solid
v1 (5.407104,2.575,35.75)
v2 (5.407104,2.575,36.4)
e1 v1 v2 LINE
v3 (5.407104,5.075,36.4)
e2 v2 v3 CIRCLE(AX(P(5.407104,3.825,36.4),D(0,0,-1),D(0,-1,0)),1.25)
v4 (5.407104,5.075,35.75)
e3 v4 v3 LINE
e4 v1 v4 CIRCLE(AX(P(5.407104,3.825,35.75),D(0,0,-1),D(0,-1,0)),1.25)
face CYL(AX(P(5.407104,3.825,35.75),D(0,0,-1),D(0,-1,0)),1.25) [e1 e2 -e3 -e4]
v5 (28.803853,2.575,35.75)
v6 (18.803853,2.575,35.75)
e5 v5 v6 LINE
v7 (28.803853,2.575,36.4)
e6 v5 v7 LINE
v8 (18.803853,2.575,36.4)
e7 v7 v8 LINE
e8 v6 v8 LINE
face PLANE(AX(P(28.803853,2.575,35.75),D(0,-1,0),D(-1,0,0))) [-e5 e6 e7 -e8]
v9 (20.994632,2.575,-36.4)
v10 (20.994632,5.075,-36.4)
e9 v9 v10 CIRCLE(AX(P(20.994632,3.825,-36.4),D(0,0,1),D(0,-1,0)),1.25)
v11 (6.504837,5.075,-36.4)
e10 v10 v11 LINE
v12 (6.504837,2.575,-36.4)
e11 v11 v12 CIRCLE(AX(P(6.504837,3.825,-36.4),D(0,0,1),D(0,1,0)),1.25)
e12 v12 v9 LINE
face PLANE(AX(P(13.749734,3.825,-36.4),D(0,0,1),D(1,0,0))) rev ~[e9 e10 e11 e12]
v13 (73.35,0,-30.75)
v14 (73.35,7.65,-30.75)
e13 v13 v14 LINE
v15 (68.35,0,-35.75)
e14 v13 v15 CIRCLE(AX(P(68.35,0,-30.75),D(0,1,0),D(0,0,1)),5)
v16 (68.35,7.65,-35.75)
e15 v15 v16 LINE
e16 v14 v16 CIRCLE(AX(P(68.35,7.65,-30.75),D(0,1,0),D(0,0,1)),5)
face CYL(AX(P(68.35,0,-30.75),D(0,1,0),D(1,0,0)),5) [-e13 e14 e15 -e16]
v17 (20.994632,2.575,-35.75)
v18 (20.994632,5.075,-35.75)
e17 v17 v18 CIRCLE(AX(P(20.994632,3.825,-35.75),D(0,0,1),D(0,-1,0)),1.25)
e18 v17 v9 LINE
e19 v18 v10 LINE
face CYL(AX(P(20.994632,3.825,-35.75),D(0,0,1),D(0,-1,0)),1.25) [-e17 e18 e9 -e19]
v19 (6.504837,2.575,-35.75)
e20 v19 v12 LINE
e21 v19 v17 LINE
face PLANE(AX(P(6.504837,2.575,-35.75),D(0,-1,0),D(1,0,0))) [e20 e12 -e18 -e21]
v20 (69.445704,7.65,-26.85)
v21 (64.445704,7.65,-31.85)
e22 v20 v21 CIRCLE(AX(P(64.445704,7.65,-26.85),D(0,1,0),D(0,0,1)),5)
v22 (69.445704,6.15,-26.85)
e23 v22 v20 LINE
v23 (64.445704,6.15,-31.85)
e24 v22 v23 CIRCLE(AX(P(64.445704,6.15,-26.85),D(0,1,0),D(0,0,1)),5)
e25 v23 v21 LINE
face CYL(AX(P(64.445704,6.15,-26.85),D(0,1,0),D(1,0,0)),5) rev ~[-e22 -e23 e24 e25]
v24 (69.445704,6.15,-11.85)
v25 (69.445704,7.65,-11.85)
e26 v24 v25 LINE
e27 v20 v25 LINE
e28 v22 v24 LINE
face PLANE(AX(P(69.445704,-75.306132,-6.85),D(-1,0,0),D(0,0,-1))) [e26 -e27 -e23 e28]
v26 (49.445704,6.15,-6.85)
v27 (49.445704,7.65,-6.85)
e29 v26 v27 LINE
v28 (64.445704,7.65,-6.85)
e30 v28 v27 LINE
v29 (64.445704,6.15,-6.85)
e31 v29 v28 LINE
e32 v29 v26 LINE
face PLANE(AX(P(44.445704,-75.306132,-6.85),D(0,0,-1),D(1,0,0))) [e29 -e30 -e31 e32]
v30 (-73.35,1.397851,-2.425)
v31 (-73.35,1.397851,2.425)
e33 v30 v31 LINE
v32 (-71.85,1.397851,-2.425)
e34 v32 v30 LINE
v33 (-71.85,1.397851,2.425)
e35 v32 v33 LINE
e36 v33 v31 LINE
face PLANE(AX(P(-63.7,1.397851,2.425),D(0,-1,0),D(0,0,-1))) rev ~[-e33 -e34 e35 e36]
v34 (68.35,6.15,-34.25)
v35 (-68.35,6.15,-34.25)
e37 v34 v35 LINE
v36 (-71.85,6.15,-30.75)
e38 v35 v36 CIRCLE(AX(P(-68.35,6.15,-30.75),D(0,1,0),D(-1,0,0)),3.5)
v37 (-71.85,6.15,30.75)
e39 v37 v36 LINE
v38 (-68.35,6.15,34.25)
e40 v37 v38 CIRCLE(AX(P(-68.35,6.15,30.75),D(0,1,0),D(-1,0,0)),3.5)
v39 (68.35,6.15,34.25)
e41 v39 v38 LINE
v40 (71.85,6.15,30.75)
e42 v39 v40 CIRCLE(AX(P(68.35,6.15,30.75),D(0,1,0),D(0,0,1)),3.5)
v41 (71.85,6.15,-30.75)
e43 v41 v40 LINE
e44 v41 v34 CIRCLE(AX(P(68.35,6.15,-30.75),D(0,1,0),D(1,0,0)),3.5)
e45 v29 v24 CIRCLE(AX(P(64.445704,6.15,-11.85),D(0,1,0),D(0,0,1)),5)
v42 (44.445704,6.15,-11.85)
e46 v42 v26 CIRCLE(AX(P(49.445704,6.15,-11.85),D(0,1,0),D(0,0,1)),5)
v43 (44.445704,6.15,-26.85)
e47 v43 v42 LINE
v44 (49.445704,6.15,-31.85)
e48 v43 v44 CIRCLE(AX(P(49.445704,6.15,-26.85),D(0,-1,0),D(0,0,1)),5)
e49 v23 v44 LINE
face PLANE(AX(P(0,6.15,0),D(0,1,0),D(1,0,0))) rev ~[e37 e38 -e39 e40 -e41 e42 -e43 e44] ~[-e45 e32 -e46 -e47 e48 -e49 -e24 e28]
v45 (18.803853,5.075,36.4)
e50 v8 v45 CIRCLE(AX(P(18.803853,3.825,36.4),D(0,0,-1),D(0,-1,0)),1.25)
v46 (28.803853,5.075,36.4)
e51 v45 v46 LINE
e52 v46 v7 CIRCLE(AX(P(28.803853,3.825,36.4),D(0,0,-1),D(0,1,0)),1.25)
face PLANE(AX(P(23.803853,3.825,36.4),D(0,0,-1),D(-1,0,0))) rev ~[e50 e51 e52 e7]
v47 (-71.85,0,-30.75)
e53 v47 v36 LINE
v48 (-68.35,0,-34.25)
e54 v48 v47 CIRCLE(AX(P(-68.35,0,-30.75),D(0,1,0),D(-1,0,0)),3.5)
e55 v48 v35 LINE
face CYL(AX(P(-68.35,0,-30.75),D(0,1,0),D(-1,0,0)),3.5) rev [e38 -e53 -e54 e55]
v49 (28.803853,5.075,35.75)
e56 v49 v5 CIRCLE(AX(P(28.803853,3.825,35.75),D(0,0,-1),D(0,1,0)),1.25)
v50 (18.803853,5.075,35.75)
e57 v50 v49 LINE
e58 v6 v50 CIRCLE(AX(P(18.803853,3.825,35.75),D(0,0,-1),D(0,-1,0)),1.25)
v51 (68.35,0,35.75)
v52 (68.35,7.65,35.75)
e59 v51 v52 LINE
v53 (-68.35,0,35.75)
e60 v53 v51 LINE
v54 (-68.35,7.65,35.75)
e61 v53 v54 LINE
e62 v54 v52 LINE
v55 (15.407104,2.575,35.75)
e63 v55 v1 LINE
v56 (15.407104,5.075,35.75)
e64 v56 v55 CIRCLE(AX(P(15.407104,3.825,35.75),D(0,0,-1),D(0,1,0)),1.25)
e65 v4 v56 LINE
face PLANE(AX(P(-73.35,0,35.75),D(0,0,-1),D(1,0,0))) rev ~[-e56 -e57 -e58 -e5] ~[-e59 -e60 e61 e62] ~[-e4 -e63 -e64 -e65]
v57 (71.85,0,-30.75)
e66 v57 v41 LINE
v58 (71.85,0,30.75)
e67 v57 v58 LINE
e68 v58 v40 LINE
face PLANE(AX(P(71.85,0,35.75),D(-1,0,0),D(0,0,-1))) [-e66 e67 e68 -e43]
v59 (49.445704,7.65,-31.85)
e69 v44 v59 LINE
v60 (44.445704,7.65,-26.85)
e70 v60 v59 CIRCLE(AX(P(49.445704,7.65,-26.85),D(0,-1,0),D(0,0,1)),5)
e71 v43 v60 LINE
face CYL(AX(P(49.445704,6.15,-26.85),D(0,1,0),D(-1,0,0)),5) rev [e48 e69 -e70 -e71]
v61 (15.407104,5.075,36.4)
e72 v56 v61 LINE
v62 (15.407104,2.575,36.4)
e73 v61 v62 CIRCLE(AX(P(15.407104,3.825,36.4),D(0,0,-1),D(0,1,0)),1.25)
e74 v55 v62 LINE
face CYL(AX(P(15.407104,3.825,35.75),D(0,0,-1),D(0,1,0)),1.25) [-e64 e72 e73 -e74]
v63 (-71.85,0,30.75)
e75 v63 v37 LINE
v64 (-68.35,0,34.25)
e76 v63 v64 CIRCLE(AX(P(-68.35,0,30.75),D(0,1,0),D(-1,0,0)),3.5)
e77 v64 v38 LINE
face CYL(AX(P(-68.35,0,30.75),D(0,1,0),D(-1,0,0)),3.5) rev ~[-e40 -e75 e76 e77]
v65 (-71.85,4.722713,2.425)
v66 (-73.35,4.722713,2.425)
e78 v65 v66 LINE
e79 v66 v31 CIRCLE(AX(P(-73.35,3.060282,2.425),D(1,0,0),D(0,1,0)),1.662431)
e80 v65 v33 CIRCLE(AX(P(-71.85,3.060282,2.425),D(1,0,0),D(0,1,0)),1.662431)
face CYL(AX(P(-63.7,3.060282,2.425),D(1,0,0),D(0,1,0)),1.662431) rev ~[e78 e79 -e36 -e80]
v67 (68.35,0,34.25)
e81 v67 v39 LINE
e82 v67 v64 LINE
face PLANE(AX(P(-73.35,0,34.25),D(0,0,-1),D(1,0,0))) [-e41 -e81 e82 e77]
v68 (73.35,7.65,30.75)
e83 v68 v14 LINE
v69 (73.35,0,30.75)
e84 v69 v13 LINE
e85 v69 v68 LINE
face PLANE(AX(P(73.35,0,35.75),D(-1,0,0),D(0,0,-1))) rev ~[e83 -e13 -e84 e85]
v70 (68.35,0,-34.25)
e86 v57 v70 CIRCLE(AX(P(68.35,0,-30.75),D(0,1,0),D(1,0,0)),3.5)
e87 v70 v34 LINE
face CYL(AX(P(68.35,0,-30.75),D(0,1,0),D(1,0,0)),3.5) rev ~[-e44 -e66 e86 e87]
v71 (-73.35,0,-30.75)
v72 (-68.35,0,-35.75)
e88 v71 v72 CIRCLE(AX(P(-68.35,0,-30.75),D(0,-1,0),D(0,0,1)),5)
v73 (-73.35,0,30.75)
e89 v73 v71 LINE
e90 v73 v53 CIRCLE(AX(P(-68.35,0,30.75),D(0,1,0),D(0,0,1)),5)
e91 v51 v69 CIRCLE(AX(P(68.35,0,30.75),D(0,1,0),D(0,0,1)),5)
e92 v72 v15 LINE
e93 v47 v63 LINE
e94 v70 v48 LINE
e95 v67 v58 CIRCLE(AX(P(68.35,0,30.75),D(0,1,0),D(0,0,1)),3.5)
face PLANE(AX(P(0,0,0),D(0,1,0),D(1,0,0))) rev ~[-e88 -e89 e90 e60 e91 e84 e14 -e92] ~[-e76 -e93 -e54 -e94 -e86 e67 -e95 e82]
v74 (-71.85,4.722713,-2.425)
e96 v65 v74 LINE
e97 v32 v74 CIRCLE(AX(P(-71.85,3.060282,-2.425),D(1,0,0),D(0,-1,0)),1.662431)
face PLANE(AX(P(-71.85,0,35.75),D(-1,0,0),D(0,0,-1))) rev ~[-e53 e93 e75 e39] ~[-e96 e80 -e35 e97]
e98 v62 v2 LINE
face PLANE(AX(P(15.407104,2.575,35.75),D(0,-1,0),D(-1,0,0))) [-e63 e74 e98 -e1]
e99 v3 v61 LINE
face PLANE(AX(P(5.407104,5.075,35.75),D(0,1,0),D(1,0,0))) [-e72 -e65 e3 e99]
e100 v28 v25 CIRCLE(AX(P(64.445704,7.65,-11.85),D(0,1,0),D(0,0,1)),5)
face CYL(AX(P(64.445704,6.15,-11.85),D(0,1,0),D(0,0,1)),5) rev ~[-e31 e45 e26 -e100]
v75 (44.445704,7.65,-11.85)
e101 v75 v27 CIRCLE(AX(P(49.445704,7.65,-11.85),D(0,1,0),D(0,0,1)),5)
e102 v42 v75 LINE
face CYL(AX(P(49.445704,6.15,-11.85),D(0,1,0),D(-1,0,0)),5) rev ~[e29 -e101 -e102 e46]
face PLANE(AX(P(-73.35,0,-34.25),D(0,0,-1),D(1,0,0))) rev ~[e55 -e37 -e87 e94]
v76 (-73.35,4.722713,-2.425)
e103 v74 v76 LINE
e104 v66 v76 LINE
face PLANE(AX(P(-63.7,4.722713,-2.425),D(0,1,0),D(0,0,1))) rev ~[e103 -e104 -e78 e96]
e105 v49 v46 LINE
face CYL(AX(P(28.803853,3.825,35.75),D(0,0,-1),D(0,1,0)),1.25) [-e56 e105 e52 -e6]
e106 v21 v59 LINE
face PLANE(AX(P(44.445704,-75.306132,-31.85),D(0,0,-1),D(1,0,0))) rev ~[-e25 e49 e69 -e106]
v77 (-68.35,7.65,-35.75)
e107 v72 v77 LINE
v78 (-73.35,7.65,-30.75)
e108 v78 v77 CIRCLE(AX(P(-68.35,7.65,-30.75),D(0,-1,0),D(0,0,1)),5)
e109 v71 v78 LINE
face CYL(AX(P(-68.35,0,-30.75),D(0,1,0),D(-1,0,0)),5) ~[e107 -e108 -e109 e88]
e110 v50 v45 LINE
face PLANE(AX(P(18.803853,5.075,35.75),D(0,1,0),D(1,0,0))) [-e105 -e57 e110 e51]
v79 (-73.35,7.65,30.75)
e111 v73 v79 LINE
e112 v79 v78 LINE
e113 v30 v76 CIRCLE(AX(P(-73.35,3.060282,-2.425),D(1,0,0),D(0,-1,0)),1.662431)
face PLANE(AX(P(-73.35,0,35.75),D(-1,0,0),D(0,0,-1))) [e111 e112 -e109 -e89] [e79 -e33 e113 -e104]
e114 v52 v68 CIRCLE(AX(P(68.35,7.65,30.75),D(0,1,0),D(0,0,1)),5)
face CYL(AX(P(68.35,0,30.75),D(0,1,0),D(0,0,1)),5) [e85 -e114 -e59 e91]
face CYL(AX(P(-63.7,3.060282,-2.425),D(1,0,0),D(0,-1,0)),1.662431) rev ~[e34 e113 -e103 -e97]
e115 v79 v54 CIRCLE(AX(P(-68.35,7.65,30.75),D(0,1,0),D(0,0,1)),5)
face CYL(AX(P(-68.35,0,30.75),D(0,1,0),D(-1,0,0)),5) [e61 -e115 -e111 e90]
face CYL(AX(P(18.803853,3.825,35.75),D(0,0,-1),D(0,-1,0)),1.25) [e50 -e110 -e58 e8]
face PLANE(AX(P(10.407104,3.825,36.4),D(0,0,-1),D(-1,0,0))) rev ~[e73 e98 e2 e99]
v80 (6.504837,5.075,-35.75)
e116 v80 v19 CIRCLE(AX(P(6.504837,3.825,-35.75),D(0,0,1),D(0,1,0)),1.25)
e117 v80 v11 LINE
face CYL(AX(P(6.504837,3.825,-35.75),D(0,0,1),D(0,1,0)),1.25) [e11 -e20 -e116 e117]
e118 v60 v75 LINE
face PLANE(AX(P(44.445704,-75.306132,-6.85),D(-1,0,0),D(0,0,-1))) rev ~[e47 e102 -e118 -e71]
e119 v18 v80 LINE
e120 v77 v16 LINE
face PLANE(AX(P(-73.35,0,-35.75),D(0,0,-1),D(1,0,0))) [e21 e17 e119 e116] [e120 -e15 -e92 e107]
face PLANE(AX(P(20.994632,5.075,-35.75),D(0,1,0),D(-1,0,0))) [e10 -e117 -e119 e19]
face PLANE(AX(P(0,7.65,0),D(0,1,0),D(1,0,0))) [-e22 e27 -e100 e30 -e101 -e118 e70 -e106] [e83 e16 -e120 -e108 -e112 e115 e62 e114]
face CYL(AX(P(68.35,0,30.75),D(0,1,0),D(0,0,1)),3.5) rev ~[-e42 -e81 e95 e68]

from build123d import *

# Parameters (mm, degrees)
SKETCH1_W                 = 146.7
SKETCH1_H                 = 71.5
BASE_DEPTH                = 7.65
CURVES_CASE_R             = 5
SHELL_T                   = -1.5
CAMERA_HOLE_DEPTH         = 82.956131558
CAMERA_HOLE_DEPTH_BACK    = 82.956131558
SKETCH2_W                 = 25
SKETCH2_H                 = 25
CURVES_CAMERA_R           = 5
CHARGER_BOTTOM_DEPTH      = 152.186887659
CHARGER_BOTTOM_DEPTH_BACK = 9.65
VOLUME_BOTTOM_DEPTH       = 0.65
TURN_ON_OFF_DEPTH         = 0.65


with BuildPart() as part:
    # Sketch1 → Base (new body)
    with BuildSketch(Plane(origin=(0, 0, 0), x_dir=(1, 0, 0), z_dir=(0, 1, 0))):
        Rectangle(SKETCH1_W, SKETCH1_H)
    extrude(amount=BASE_DEPTH)

    # Curves case
    curves_case_edges = [part.edges().sort_by_distance(p)[0] for p in [
        (73.35, 3.825, 35.75),
        (-73.35, 3.825, 35.75),
        (-73.35, 3.825, -35.75),
        (73.35, 3.825, -35.75),
    ]]
    fillet(curves_case_edges, radius=CURVES_CASE_R)

    # Shell
    shell_openings = [part.faces().sort_by_distance(p)[0] for p in [
        (0, 0, 0),
    ]]
    offset(amount=SHELL_T, openings=shell_openings, kind=Kind.INTERSECTION)

    # Sketch2 → Camera Hole (cut, two sides: drawn at the far end of the back side and taken through both)
    with BuildSketch(Plane(origin=(0, 7.65, 0), x_dir=(1, 0, 0), z_dir=(0, 1, 0)).offset(-CAMERA_HOLE_DEPTH_BACK)):
        with Locations((56.945704346, 19.35)):
            Rectangle(SKETCH2_W, SKETCH2_H)
    extrude(amount=CAMERA_HOLE_DEPTH + CAMERA_HOLE_DEPTH_BACK, mode=Mode.SUBTRACT)

    # Curves Camera
    curves_camera_edges = [part.edges().sort_by_distance(p)[0] for p in [
        (69.445704346, 6.9, -31.85),
        (69.445704346, 6.9, -6.85),
        (44.445704346, 6.9, -6.85),
        (44.445704346, 6.9, -31.85),
    ]]
    fillet(curves_camera_edges, radius=CURVES_CAMERA_R)

    # Sketch6 → Charger bottom (cut, two sides: drawn at the far end of the back side and taken through both)
    with BuildSketch(Plane.ZY.offset(73.35).offset(-CHARGER_BOTTOM_DEPTH_BACK)):
        with BuildLine():
            Line((-2.425, 4.722712559), (2.425, 4.722712559))
            ThreePointArc((2.425, 4.722712559), (4.087430665, 3.060281894), (2.425, 1.397851228))
            Line((2.425, 1.397851228), (-2.425, 1.397851228))
            ThreePointArc((-2.425, 1.397851228), (-4.087430665, 3.060281894), (-2.425, 4.722712559))
        make_face()
    extrude(amount=CHARGER_BOTTOM_DEPTH + CHARGER_BOTTOM_DEPTH_BACK, mode=Mode.SUBTRACT)

    # Sketch9 → Volume Bottom (add)
    with BuildSketch(Plane.XY.offset(35.75)):
        with BuildLine():
            Line((5.40710355, 5.075), (15.40710355, 5.075))
            ThreePointArc((15.40710355, 5.075), (16.65710355, 3.825), (15.40710355, 2.575))
            Line((15.40710355, 2.575), (5.40710355, 2.575))
            ThreePointArc((5.40710355, 2.575), (4.15710355, 3.825), (5.40710355, 5.075))
        make_face()
        with BuildLine():
            Line((18.803853298, 5.075), (28.803853298, 5.075))
            ThreePointArc((28.803853298, 5.075), (30.053853298, 3.825), (28.803853298, 2.575))
            Line((28.803853298, 2.575), (18.803853298, 2.575))
            ThreePointArc((18.803853298, 2.575), (17.553853298, 3.825), (18.803853298, 5.075))
        make_face()
    extrude(amount=VOLUME_BOTTOM_DEPTH)

    # Sketch11 → Turn on/off (add)
    with BuildSketch(Plane(origin=(0, 0, -35.75), x_dir=(-1, 0, 0), z_dir=(0, 0, -1))):
        with BuildLine():
            Line((-20.994631551, 5.075), (-6.504836948, 5.075))
            ThreePointArc((-6.504836948, 5.075), (-5.254836948, 3.825), (-6.504836948, 2.575))
            Line((-6.504836948, 2.575), (-20.994631551, 2.575))
            ThreePointArc((-20.994631551, 2.575), (-22.244631551, 3.825), (-20.994631551, 5.075))
        make_face()
    extrude(amount=TURN_ON_OFF_DEPTH)


solid = part.part
